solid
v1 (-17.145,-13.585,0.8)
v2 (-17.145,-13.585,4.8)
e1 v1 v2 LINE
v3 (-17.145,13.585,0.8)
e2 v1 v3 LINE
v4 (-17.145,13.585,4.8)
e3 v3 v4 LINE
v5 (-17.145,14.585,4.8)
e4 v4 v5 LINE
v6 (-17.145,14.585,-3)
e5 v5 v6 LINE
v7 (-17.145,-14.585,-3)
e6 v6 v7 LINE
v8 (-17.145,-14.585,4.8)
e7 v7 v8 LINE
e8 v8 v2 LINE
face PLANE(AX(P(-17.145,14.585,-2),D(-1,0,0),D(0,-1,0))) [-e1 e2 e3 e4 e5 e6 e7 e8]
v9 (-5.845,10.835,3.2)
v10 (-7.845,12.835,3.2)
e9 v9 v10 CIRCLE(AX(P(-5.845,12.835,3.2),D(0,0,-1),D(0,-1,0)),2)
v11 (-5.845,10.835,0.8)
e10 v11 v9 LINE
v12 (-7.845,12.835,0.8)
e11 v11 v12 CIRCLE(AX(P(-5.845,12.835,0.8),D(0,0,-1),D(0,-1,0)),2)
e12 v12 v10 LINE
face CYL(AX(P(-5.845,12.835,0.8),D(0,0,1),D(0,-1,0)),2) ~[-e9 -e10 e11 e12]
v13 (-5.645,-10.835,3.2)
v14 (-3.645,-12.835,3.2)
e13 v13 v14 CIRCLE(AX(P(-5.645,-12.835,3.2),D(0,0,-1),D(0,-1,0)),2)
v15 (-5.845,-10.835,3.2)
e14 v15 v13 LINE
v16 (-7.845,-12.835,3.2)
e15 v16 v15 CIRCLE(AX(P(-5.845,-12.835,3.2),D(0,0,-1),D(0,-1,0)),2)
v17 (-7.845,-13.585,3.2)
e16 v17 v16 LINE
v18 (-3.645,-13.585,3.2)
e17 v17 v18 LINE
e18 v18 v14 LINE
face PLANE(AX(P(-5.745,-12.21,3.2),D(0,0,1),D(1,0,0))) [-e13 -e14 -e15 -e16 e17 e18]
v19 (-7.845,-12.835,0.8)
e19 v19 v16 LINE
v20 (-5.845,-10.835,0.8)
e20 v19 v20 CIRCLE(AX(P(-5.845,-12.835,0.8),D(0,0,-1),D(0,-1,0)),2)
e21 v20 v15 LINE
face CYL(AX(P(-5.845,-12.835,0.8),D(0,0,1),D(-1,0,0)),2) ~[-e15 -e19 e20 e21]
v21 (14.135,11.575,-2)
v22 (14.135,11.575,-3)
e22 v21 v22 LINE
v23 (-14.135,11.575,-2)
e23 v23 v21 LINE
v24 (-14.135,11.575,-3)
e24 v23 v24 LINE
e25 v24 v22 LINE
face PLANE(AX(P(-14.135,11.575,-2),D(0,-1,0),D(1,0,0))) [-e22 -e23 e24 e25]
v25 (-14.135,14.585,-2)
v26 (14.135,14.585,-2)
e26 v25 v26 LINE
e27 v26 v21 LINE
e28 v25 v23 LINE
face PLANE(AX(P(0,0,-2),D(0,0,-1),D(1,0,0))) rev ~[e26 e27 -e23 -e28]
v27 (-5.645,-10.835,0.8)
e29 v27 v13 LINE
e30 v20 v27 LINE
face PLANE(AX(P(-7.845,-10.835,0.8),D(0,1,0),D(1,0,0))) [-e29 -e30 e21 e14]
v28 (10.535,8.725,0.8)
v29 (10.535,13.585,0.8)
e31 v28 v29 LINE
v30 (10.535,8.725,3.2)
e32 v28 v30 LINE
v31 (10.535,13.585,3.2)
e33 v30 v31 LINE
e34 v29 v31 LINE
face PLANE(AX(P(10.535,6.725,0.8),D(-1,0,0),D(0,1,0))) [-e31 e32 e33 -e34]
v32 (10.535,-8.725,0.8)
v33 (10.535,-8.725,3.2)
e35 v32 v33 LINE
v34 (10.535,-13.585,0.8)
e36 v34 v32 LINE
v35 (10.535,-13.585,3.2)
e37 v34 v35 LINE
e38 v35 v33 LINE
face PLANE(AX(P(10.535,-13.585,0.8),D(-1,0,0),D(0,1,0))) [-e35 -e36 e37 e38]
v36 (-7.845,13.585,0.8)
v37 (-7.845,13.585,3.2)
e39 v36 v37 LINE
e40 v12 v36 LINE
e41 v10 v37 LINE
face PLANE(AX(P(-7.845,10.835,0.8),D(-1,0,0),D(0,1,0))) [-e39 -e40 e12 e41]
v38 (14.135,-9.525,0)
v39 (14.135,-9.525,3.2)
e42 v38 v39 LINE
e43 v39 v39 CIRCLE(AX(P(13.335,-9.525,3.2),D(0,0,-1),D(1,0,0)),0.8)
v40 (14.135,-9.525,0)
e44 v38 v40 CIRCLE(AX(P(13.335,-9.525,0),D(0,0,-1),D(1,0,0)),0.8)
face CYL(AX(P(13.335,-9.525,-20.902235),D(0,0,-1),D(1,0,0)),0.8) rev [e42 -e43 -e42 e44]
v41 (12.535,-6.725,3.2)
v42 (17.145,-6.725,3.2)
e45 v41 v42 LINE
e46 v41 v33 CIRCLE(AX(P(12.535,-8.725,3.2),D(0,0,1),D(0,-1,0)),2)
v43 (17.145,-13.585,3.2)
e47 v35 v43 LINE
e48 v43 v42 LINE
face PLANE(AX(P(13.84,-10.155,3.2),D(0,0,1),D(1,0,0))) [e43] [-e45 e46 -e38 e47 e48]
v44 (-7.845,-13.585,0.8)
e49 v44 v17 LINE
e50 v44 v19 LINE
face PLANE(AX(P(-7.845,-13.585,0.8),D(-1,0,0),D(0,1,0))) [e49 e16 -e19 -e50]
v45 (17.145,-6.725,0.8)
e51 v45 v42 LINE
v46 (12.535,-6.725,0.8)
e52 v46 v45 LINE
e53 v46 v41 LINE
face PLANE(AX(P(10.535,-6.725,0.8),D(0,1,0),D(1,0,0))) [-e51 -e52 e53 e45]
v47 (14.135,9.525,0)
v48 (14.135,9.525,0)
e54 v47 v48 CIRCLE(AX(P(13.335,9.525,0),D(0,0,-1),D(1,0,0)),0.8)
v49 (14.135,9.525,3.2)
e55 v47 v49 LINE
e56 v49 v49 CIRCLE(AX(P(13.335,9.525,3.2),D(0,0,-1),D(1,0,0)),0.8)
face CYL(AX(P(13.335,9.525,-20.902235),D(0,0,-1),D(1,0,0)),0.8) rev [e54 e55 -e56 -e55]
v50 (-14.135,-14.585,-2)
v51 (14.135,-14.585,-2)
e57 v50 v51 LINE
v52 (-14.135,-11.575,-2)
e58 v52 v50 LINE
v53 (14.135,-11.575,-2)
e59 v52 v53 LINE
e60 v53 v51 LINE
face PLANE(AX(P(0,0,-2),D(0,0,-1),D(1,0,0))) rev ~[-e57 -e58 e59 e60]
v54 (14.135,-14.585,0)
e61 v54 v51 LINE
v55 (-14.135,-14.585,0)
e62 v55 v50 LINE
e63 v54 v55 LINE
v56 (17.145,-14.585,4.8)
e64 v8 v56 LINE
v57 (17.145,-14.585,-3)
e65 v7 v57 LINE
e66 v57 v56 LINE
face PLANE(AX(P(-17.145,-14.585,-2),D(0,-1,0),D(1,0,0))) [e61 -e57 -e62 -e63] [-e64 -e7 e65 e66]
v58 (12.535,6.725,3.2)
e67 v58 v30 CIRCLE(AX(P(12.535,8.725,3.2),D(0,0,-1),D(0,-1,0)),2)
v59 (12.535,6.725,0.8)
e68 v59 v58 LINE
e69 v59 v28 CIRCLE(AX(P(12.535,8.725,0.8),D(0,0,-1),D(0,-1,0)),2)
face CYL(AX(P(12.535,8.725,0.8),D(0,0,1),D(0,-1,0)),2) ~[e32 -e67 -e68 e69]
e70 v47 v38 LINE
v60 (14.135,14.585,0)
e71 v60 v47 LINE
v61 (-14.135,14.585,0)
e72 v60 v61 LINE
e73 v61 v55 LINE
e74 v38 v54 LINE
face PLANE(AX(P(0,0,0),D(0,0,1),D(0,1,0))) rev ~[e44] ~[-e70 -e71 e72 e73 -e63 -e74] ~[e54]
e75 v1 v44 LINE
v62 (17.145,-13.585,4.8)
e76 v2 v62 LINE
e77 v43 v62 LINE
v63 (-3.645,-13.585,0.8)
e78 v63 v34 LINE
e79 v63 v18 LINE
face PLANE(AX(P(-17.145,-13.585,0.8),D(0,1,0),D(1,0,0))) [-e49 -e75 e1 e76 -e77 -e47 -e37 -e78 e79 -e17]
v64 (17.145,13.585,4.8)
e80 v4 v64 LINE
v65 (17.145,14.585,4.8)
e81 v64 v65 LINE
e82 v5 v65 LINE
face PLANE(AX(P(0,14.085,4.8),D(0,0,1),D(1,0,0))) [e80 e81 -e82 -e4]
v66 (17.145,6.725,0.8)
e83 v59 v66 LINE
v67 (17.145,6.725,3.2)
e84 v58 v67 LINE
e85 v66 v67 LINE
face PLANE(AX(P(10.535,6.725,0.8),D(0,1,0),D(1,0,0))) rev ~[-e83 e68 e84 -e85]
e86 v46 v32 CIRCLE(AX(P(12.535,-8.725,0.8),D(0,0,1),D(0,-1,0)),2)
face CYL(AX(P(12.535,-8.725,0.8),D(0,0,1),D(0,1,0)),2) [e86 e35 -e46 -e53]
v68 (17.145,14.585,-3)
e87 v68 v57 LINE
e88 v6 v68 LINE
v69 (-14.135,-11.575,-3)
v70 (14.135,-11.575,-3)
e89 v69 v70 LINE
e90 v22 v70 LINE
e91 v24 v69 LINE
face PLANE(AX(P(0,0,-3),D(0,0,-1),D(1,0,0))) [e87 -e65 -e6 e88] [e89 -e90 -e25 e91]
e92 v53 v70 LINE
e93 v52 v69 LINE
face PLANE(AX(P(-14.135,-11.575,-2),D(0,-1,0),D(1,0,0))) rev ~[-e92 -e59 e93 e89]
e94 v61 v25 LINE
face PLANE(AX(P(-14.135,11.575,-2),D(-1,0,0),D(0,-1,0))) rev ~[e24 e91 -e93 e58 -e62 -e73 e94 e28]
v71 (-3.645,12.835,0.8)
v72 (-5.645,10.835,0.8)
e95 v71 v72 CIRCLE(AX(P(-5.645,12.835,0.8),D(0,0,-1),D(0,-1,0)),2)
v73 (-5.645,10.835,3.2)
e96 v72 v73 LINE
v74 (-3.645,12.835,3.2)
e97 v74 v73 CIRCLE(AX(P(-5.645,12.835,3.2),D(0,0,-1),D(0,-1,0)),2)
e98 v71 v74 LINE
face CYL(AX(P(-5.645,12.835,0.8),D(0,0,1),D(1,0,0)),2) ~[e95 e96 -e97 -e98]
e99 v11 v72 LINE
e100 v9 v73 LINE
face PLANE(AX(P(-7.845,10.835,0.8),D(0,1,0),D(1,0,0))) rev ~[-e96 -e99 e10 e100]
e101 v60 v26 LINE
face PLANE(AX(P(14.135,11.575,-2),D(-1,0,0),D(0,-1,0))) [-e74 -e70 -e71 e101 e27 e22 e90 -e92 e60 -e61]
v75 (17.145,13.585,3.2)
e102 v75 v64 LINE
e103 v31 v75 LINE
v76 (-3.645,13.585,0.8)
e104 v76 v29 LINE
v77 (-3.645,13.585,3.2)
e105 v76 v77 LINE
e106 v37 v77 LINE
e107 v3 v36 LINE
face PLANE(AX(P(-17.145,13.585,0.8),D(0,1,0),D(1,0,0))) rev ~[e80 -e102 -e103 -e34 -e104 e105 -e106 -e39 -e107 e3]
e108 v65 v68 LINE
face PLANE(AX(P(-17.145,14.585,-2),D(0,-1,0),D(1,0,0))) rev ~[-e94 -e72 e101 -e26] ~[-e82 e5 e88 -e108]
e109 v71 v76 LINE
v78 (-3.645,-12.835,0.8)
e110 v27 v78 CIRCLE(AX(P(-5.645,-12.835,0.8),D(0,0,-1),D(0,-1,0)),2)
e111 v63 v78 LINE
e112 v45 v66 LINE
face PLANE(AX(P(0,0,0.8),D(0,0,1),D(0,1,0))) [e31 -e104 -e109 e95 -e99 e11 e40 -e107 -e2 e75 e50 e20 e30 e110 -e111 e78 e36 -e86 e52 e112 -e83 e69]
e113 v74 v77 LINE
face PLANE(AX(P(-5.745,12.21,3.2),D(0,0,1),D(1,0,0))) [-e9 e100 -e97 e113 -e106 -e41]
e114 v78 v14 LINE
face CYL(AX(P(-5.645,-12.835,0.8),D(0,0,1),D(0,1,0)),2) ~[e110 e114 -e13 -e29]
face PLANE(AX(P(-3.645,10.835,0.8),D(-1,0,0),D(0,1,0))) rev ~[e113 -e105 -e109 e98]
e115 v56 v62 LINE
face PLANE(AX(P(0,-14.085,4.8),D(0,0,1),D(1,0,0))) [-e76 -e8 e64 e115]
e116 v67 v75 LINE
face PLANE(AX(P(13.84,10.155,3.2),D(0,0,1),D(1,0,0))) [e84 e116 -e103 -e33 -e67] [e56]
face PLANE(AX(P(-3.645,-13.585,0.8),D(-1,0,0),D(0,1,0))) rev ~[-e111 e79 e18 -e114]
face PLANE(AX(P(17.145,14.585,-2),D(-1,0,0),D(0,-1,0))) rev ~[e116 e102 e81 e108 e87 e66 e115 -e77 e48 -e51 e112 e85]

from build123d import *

# Parameters (mm, degrees)
SKETCH2_W               = 29.17
SKETCH2_H               = 34.29
BOSS_EXTRUDE1_DEPTH     = 0.8
SKETCH4_W               = 4.2
SKETCH4_H               = 2.75
SKETCH4_W_2             = 6.61
SKETCH4_H_2             = 6.86
BOSS_EXTRUDE3_DEPTH     = 2.4
SKETCH5_W               = 34.29
SKETCH5_H               = 1
BOSS_EXTRUDE5_DEPTH     = 4
SKETCH6_W               = 3.01
SKETCH6_H               = 29.17
BOSS_EXTRUDE6_DEPTH     = 2
CUT_EXTRUDE1_DEPTH      = 24.10223474
CUT_EXTRUDE1_DEPTH_BACK = 24.10223474
SKETCH8_R               = 0.8
SKETCH9_W               = 34.29
SKETCH9_H               = 29.17
SKETCH9_W_2             = 28.27
SKETCH9_H_2             = 23.15
BOSS_EXTRUDE8_DEPTH     = 1
FILLET1_R               = 2


with BuildPart() as part:
    # Sketch2 → Boss-Extrude1 (new body)
    with BuildSketch(Plane(origin=(0, 0, 0), x_dir=(0, 1, 0), z_dir=(0, 0, 1))):
        Rectangle(SKETCH2_W, SKETCH2_H)
    extrude(amount=BOSS_EXTRUDE1_DEPTH)

    # Sketch4 → Boss-Extrude3 (add)
    with BuildSketch(Plane.XY.offset(0.8)):
        with Locations((-5.745, -12.21)):
            Rectangle(SKETCH4_W, SKETCH4_H)
        with Locations((13.84, -10.155)):
            Rectangle(SKETCH4_W_2, SKETCH4_H_2)
        with Locations((13.84, 10.155)):
            Rectangle(SKETCH4_W_2, SKETCH4_H_2)
        with Locations((-5.745, 12.21)):
            Rectangle(SKETCH4_W, SKETCH4_H)
    extrude(amount=BOSS_EXTRUDE3_DEPTH)

    # Sketch5 → Boss-Extrude5 (add)
    with BuildSketch(Plane.XY.offset(0.8)):
        with Locations((0, 14.085)):
            Rectangle(SKETCH5_W, SKETCH5_H)
        with Locations((0, -14.085)):
            Rectangle(SKETCH5_W, SKETCH5_H)
    extrude(amount=BOSS_EXTRUDE5_DEPTH)

    # Sketch6 → Boss-Extrude6 (add)
    with BuildSketch(Plane(origin=(0, 0, 0), x_dir=(1, 0, 0), z_dir=(0, 0, -1))):
        with Locations((15.64, 0)):
            Rectangle(SKETCH6_W, SKETCH6_H)
        with Locations((-15.64, 0)):
            Rectangle(SKETCH6_W, SKETCH6_H)
    extrude(amount=BOSS_EXTRUDE6_DEPTH)

    # Sketch8 → Cut-Extrude1 (cut, two sides: drawn at the far end of the back side and taken through both)
    with BuildSketch(Plane.XY.offset(3.2).offset(-CUT_EXTRUDE1_DEPTH_BACK)):
        with Locations((13.335, 9.525)):
            Circle(SKETCH8_R)
        with Locations((13.335, -9.525)):
            Circle(SKETCH8_R)
    extrude(amount=CUT_EXTRUDE1_DEPTH + CUT_EXTRUDE1_DEPTH_BACK, mode=Mode.SUBTRACT)

    # Sketch9 → Boss-Extrude8 (add)
    with BuildSketch(Plane(origin=(0, 0, -2), x_dir=(1, 0, 0), z_dir=(0, 0, -1))):
        Rectangle(SKETCH9_W, SKETCH9_H)
        Rectangle(SKETCH9_W_2, SKETCH9_H_2, mode=Mode.SUBTRACT)
    extrude(amount=BOSS_EXTRUDE8_DEPTH)

    # Fillet1
    fillet1_edges = [part.edges().sort_by_distance(p)[0] for p in [
        (-7.845, 10.835, 2),
        (-3.645, 10.835, 2),
        (10.535, 6.725, 2),
        (10.535, -6.725, 2),
        (-3.645, -10.835, 2),
        (-7.845, -10.835, 2),
    ]]
    fillet(fillet1_edges, radius=FILLET1_R)


solid = part.part
